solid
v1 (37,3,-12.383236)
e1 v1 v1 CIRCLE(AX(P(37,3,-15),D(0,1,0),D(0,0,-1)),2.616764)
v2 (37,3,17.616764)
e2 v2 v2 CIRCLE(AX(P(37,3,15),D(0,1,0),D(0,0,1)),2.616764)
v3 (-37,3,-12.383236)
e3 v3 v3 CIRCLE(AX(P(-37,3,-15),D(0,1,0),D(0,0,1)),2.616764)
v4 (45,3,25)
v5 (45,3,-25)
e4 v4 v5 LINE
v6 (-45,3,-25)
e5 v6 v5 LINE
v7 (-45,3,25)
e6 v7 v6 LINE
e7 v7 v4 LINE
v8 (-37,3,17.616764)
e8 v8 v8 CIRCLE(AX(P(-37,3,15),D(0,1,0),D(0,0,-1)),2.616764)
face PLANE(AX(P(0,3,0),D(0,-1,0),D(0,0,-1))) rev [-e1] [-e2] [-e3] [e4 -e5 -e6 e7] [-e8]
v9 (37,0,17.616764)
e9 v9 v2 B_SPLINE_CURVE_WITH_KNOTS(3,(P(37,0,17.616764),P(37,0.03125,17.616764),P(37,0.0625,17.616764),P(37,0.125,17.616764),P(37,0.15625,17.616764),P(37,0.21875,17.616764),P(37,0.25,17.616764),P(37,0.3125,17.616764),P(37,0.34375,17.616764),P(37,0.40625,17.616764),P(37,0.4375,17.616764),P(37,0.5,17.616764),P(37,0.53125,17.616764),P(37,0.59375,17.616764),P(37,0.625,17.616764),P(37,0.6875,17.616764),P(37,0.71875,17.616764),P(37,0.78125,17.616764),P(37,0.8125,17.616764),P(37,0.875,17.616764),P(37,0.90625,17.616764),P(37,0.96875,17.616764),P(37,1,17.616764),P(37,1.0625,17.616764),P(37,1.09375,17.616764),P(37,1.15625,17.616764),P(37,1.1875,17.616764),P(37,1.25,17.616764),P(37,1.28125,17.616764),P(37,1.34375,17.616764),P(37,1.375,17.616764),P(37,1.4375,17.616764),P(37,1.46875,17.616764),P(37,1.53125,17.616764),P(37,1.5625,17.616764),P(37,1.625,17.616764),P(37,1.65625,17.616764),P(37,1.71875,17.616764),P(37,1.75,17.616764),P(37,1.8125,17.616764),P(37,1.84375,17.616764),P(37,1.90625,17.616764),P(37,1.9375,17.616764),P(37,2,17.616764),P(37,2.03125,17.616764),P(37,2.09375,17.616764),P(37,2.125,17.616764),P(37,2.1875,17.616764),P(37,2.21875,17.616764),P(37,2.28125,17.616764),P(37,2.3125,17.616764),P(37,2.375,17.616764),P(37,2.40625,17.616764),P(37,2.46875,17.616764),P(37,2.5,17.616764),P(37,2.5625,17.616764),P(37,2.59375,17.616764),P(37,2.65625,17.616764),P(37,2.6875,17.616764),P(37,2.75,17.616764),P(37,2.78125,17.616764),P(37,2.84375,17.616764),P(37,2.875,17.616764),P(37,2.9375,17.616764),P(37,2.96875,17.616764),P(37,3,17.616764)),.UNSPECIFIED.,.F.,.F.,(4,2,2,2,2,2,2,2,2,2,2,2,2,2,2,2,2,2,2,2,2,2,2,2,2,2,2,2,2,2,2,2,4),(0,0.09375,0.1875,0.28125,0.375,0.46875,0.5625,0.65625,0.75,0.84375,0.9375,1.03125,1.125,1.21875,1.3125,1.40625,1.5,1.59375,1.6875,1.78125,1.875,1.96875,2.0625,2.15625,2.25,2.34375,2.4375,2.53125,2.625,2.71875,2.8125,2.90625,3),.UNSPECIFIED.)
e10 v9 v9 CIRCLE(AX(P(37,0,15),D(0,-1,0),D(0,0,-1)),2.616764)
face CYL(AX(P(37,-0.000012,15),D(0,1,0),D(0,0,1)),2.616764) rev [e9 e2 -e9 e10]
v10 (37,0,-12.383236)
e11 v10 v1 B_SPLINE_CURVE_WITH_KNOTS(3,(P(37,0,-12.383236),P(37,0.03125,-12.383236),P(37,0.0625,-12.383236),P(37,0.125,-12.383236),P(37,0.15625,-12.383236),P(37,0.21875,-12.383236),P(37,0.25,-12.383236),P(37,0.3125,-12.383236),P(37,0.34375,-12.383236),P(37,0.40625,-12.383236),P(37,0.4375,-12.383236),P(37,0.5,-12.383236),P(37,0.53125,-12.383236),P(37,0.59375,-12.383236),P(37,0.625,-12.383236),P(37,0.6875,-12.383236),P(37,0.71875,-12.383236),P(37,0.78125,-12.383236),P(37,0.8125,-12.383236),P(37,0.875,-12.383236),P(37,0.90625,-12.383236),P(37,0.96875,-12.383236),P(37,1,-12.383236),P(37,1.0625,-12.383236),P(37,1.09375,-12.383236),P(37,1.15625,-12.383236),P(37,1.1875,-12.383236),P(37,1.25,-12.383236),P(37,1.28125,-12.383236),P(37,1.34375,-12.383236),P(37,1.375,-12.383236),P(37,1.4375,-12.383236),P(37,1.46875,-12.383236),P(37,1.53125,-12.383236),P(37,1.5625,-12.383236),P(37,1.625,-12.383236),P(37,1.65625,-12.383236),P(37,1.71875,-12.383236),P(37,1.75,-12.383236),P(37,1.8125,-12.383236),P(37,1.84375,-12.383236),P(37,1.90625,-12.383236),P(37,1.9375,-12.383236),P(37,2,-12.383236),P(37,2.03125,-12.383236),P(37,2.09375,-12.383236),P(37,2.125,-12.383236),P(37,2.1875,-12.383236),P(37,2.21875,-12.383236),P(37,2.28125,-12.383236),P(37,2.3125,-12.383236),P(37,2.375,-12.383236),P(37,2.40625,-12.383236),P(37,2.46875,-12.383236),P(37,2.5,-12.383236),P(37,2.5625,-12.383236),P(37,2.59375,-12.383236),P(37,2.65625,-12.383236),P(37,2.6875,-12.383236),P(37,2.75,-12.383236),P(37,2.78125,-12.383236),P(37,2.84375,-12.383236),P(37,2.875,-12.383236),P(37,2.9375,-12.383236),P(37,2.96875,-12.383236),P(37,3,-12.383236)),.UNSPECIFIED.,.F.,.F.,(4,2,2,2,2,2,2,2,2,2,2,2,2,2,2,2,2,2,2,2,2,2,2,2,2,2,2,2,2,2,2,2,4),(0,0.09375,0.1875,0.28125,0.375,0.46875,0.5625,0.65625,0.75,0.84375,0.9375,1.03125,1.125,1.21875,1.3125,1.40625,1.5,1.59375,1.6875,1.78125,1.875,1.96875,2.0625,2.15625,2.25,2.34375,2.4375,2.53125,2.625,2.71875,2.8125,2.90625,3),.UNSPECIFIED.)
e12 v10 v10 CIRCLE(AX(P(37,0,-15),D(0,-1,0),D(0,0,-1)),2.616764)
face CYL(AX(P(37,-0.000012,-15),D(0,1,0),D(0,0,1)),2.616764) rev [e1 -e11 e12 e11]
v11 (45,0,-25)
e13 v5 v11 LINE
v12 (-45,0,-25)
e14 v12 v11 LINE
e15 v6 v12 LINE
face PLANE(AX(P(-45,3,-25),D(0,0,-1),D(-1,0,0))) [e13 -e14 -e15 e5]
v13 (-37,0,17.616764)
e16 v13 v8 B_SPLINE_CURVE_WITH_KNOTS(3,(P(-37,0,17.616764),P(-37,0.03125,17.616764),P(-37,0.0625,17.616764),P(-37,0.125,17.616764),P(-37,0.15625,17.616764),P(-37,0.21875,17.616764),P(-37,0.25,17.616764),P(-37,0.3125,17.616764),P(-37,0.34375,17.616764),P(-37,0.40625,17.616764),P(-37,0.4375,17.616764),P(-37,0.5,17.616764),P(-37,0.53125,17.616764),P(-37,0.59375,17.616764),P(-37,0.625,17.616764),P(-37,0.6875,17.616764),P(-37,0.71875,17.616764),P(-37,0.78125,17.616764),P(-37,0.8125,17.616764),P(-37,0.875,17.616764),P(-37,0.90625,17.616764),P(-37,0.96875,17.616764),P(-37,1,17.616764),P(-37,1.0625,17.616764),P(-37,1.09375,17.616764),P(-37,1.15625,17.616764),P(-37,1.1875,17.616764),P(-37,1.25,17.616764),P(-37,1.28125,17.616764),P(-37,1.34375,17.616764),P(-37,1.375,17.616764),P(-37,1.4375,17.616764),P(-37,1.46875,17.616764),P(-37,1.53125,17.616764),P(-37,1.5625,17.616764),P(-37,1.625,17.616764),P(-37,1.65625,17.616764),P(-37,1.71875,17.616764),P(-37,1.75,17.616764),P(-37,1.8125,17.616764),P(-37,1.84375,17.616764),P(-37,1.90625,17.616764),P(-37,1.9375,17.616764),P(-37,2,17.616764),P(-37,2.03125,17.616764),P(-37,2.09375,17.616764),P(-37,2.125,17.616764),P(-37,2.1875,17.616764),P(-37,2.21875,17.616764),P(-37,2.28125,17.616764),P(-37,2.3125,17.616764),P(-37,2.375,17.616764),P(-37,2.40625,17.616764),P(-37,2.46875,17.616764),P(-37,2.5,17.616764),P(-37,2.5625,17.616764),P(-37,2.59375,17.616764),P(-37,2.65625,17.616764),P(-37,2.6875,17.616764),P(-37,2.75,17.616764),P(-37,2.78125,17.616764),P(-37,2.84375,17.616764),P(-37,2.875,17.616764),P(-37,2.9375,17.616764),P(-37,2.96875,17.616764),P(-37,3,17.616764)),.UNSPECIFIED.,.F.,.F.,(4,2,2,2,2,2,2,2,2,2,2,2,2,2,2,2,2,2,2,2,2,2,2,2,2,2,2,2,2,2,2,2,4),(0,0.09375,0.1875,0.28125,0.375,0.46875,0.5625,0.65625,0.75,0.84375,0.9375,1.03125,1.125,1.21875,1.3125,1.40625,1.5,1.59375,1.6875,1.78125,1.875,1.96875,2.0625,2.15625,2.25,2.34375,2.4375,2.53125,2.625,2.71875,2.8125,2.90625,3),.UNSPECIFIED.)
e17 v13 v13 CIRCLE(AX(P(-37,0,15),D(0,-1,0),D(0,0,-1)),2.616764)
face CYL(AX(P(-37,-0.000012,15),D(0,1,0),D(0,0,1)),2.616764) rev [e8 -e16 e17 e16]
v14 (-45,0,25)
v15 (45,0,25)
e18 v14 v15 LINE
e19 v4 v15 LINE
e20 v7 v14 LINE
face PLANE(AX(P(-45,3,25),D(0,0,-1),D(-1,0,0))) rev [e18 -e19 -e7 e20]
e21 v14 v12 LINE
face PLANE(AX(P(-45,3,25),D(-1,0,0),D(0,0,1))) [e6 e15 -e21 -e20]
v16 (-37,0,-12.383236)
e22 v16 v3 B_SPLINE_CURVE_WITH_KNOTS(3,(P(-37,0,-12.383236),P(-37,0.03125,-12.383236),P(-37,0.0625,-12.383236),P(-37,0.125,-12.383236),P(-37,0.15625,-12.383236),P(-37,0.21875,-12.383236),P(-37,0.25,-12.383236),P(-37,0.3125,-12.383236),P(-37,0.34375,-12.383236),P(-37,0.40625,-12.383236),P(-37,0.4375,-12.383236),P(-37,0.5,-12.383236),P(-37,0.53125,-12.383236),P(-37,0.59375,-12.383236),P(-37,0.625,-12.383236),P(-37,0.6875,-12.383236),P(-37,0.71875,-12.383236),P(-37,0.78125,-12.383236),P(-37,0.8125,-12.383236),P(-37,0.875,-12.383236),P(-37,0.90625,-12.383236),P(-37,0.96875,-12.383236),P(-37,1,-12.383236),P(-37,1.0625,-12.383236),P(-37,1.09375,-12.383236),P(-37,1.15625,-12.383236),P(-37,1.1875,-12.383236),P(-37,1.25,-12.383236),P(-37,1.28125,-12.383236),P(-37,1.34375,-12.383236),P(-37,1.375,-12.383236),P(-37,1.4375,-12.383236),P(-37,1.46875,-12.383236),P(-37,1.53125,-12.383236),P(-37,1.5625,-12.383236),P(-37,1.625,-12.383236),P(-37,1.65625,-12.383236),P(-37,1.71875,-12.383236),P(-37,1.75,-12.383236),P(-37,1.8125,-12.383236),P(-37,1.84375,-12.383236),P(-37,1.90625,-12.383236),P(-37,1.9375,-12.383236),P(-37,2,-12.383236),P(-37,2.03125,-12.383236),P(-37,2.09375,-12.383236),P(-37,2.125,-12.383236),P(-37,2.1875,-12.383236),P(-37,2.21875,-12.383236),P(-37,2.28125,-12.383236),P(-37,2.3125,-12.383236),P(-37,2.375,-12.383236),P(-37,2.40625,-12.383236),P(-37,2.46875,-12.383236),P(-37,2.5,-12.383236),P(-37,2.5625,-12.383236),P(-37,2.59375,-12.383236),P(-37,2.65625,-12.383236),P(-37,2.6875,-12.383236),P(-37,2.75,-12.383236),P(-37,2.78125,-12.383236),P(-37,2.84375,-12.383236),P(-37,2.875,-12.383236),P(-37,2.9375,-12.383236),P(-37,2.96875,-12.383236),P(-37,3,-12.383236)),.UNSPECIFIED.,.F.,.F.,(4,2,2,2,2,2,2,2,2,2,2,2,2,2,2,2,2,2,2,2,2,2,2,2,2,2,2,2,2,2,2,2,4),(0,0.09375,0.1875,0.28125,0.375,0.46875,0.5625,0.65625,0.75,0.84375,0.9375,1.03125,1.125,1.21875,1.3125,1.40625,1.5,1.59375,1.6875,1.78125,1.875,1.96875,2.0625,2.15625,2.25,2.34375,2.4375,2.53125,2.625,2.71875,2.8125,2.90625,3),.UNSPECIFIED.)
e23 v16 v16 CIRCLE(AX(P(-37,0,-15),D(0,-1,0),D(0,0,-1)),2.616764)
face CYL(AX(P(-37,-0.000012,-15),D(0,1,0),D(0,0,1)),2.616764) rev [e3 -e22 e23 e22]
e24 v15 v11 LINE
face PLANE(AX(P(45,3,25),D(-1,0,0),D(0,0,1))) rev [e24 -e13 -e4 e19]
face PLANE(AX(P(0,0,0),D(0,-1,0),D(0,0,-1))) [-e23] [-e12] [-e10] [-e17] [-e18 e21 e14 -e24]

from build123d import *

# Parameters (mm, degrees)
SKETCH_1_W               = 90
SKETCH_1_H               = 50
EXTRUDE_1_DEPTH          = 3
CUT_EXTRUDE_2_DEPTH      = 3
CUT_EXTRUDE_2_DEPTH_BACK = 52.565492337
SKETCH_2_R               = 2.61676391


with BuildPart() as part:
    # 草图1 → 凸台-拉伸1 (new body)
    with BuildSketch(Plane(origin=(0, 0, 0), x_dir=(1, 0, 0), z_dir=(0, 1, 0))):
        Rectangle(SKETCH_1_W, SKETCH_1_H)
    extrude(amount=EXTRUDE_1_DEPTH)

    # 草图2 → 切除-拉伸2 (cut, two sides: drawn at the far end of the back side and taken through both)
    with BuildSketch(Plane(origin=(0, 0, 0), x_dir=(1, 0, 0), z_dir=(0, 1, 0)).offset(-CUT_EXTRUDE_2_DEPTH_BACK)):
        with Locations(Location((-37, 15, 0), (0, 0, 270))):
            Circle(SKETCH_2_R)
        with Locations(Location((-37, -15, 0), (0, 0, 270))):
            Circle(SKETCH_2_R)
        with Locations(Location((37, -15, 0), (0, 0, 270))):
            Circle(SKETCH_2_R)
        with Locations(Location((37, 15, 0), (0, 0, 270))):
            Circle(SKETCH_2_R)
    extrude(amount=CUT_EXTRUDE_2_DEPTH + CUT_EXTRUDE_2_DEPTH_BACK, mode=Mode.SUBTRACT)


solid = part.part
